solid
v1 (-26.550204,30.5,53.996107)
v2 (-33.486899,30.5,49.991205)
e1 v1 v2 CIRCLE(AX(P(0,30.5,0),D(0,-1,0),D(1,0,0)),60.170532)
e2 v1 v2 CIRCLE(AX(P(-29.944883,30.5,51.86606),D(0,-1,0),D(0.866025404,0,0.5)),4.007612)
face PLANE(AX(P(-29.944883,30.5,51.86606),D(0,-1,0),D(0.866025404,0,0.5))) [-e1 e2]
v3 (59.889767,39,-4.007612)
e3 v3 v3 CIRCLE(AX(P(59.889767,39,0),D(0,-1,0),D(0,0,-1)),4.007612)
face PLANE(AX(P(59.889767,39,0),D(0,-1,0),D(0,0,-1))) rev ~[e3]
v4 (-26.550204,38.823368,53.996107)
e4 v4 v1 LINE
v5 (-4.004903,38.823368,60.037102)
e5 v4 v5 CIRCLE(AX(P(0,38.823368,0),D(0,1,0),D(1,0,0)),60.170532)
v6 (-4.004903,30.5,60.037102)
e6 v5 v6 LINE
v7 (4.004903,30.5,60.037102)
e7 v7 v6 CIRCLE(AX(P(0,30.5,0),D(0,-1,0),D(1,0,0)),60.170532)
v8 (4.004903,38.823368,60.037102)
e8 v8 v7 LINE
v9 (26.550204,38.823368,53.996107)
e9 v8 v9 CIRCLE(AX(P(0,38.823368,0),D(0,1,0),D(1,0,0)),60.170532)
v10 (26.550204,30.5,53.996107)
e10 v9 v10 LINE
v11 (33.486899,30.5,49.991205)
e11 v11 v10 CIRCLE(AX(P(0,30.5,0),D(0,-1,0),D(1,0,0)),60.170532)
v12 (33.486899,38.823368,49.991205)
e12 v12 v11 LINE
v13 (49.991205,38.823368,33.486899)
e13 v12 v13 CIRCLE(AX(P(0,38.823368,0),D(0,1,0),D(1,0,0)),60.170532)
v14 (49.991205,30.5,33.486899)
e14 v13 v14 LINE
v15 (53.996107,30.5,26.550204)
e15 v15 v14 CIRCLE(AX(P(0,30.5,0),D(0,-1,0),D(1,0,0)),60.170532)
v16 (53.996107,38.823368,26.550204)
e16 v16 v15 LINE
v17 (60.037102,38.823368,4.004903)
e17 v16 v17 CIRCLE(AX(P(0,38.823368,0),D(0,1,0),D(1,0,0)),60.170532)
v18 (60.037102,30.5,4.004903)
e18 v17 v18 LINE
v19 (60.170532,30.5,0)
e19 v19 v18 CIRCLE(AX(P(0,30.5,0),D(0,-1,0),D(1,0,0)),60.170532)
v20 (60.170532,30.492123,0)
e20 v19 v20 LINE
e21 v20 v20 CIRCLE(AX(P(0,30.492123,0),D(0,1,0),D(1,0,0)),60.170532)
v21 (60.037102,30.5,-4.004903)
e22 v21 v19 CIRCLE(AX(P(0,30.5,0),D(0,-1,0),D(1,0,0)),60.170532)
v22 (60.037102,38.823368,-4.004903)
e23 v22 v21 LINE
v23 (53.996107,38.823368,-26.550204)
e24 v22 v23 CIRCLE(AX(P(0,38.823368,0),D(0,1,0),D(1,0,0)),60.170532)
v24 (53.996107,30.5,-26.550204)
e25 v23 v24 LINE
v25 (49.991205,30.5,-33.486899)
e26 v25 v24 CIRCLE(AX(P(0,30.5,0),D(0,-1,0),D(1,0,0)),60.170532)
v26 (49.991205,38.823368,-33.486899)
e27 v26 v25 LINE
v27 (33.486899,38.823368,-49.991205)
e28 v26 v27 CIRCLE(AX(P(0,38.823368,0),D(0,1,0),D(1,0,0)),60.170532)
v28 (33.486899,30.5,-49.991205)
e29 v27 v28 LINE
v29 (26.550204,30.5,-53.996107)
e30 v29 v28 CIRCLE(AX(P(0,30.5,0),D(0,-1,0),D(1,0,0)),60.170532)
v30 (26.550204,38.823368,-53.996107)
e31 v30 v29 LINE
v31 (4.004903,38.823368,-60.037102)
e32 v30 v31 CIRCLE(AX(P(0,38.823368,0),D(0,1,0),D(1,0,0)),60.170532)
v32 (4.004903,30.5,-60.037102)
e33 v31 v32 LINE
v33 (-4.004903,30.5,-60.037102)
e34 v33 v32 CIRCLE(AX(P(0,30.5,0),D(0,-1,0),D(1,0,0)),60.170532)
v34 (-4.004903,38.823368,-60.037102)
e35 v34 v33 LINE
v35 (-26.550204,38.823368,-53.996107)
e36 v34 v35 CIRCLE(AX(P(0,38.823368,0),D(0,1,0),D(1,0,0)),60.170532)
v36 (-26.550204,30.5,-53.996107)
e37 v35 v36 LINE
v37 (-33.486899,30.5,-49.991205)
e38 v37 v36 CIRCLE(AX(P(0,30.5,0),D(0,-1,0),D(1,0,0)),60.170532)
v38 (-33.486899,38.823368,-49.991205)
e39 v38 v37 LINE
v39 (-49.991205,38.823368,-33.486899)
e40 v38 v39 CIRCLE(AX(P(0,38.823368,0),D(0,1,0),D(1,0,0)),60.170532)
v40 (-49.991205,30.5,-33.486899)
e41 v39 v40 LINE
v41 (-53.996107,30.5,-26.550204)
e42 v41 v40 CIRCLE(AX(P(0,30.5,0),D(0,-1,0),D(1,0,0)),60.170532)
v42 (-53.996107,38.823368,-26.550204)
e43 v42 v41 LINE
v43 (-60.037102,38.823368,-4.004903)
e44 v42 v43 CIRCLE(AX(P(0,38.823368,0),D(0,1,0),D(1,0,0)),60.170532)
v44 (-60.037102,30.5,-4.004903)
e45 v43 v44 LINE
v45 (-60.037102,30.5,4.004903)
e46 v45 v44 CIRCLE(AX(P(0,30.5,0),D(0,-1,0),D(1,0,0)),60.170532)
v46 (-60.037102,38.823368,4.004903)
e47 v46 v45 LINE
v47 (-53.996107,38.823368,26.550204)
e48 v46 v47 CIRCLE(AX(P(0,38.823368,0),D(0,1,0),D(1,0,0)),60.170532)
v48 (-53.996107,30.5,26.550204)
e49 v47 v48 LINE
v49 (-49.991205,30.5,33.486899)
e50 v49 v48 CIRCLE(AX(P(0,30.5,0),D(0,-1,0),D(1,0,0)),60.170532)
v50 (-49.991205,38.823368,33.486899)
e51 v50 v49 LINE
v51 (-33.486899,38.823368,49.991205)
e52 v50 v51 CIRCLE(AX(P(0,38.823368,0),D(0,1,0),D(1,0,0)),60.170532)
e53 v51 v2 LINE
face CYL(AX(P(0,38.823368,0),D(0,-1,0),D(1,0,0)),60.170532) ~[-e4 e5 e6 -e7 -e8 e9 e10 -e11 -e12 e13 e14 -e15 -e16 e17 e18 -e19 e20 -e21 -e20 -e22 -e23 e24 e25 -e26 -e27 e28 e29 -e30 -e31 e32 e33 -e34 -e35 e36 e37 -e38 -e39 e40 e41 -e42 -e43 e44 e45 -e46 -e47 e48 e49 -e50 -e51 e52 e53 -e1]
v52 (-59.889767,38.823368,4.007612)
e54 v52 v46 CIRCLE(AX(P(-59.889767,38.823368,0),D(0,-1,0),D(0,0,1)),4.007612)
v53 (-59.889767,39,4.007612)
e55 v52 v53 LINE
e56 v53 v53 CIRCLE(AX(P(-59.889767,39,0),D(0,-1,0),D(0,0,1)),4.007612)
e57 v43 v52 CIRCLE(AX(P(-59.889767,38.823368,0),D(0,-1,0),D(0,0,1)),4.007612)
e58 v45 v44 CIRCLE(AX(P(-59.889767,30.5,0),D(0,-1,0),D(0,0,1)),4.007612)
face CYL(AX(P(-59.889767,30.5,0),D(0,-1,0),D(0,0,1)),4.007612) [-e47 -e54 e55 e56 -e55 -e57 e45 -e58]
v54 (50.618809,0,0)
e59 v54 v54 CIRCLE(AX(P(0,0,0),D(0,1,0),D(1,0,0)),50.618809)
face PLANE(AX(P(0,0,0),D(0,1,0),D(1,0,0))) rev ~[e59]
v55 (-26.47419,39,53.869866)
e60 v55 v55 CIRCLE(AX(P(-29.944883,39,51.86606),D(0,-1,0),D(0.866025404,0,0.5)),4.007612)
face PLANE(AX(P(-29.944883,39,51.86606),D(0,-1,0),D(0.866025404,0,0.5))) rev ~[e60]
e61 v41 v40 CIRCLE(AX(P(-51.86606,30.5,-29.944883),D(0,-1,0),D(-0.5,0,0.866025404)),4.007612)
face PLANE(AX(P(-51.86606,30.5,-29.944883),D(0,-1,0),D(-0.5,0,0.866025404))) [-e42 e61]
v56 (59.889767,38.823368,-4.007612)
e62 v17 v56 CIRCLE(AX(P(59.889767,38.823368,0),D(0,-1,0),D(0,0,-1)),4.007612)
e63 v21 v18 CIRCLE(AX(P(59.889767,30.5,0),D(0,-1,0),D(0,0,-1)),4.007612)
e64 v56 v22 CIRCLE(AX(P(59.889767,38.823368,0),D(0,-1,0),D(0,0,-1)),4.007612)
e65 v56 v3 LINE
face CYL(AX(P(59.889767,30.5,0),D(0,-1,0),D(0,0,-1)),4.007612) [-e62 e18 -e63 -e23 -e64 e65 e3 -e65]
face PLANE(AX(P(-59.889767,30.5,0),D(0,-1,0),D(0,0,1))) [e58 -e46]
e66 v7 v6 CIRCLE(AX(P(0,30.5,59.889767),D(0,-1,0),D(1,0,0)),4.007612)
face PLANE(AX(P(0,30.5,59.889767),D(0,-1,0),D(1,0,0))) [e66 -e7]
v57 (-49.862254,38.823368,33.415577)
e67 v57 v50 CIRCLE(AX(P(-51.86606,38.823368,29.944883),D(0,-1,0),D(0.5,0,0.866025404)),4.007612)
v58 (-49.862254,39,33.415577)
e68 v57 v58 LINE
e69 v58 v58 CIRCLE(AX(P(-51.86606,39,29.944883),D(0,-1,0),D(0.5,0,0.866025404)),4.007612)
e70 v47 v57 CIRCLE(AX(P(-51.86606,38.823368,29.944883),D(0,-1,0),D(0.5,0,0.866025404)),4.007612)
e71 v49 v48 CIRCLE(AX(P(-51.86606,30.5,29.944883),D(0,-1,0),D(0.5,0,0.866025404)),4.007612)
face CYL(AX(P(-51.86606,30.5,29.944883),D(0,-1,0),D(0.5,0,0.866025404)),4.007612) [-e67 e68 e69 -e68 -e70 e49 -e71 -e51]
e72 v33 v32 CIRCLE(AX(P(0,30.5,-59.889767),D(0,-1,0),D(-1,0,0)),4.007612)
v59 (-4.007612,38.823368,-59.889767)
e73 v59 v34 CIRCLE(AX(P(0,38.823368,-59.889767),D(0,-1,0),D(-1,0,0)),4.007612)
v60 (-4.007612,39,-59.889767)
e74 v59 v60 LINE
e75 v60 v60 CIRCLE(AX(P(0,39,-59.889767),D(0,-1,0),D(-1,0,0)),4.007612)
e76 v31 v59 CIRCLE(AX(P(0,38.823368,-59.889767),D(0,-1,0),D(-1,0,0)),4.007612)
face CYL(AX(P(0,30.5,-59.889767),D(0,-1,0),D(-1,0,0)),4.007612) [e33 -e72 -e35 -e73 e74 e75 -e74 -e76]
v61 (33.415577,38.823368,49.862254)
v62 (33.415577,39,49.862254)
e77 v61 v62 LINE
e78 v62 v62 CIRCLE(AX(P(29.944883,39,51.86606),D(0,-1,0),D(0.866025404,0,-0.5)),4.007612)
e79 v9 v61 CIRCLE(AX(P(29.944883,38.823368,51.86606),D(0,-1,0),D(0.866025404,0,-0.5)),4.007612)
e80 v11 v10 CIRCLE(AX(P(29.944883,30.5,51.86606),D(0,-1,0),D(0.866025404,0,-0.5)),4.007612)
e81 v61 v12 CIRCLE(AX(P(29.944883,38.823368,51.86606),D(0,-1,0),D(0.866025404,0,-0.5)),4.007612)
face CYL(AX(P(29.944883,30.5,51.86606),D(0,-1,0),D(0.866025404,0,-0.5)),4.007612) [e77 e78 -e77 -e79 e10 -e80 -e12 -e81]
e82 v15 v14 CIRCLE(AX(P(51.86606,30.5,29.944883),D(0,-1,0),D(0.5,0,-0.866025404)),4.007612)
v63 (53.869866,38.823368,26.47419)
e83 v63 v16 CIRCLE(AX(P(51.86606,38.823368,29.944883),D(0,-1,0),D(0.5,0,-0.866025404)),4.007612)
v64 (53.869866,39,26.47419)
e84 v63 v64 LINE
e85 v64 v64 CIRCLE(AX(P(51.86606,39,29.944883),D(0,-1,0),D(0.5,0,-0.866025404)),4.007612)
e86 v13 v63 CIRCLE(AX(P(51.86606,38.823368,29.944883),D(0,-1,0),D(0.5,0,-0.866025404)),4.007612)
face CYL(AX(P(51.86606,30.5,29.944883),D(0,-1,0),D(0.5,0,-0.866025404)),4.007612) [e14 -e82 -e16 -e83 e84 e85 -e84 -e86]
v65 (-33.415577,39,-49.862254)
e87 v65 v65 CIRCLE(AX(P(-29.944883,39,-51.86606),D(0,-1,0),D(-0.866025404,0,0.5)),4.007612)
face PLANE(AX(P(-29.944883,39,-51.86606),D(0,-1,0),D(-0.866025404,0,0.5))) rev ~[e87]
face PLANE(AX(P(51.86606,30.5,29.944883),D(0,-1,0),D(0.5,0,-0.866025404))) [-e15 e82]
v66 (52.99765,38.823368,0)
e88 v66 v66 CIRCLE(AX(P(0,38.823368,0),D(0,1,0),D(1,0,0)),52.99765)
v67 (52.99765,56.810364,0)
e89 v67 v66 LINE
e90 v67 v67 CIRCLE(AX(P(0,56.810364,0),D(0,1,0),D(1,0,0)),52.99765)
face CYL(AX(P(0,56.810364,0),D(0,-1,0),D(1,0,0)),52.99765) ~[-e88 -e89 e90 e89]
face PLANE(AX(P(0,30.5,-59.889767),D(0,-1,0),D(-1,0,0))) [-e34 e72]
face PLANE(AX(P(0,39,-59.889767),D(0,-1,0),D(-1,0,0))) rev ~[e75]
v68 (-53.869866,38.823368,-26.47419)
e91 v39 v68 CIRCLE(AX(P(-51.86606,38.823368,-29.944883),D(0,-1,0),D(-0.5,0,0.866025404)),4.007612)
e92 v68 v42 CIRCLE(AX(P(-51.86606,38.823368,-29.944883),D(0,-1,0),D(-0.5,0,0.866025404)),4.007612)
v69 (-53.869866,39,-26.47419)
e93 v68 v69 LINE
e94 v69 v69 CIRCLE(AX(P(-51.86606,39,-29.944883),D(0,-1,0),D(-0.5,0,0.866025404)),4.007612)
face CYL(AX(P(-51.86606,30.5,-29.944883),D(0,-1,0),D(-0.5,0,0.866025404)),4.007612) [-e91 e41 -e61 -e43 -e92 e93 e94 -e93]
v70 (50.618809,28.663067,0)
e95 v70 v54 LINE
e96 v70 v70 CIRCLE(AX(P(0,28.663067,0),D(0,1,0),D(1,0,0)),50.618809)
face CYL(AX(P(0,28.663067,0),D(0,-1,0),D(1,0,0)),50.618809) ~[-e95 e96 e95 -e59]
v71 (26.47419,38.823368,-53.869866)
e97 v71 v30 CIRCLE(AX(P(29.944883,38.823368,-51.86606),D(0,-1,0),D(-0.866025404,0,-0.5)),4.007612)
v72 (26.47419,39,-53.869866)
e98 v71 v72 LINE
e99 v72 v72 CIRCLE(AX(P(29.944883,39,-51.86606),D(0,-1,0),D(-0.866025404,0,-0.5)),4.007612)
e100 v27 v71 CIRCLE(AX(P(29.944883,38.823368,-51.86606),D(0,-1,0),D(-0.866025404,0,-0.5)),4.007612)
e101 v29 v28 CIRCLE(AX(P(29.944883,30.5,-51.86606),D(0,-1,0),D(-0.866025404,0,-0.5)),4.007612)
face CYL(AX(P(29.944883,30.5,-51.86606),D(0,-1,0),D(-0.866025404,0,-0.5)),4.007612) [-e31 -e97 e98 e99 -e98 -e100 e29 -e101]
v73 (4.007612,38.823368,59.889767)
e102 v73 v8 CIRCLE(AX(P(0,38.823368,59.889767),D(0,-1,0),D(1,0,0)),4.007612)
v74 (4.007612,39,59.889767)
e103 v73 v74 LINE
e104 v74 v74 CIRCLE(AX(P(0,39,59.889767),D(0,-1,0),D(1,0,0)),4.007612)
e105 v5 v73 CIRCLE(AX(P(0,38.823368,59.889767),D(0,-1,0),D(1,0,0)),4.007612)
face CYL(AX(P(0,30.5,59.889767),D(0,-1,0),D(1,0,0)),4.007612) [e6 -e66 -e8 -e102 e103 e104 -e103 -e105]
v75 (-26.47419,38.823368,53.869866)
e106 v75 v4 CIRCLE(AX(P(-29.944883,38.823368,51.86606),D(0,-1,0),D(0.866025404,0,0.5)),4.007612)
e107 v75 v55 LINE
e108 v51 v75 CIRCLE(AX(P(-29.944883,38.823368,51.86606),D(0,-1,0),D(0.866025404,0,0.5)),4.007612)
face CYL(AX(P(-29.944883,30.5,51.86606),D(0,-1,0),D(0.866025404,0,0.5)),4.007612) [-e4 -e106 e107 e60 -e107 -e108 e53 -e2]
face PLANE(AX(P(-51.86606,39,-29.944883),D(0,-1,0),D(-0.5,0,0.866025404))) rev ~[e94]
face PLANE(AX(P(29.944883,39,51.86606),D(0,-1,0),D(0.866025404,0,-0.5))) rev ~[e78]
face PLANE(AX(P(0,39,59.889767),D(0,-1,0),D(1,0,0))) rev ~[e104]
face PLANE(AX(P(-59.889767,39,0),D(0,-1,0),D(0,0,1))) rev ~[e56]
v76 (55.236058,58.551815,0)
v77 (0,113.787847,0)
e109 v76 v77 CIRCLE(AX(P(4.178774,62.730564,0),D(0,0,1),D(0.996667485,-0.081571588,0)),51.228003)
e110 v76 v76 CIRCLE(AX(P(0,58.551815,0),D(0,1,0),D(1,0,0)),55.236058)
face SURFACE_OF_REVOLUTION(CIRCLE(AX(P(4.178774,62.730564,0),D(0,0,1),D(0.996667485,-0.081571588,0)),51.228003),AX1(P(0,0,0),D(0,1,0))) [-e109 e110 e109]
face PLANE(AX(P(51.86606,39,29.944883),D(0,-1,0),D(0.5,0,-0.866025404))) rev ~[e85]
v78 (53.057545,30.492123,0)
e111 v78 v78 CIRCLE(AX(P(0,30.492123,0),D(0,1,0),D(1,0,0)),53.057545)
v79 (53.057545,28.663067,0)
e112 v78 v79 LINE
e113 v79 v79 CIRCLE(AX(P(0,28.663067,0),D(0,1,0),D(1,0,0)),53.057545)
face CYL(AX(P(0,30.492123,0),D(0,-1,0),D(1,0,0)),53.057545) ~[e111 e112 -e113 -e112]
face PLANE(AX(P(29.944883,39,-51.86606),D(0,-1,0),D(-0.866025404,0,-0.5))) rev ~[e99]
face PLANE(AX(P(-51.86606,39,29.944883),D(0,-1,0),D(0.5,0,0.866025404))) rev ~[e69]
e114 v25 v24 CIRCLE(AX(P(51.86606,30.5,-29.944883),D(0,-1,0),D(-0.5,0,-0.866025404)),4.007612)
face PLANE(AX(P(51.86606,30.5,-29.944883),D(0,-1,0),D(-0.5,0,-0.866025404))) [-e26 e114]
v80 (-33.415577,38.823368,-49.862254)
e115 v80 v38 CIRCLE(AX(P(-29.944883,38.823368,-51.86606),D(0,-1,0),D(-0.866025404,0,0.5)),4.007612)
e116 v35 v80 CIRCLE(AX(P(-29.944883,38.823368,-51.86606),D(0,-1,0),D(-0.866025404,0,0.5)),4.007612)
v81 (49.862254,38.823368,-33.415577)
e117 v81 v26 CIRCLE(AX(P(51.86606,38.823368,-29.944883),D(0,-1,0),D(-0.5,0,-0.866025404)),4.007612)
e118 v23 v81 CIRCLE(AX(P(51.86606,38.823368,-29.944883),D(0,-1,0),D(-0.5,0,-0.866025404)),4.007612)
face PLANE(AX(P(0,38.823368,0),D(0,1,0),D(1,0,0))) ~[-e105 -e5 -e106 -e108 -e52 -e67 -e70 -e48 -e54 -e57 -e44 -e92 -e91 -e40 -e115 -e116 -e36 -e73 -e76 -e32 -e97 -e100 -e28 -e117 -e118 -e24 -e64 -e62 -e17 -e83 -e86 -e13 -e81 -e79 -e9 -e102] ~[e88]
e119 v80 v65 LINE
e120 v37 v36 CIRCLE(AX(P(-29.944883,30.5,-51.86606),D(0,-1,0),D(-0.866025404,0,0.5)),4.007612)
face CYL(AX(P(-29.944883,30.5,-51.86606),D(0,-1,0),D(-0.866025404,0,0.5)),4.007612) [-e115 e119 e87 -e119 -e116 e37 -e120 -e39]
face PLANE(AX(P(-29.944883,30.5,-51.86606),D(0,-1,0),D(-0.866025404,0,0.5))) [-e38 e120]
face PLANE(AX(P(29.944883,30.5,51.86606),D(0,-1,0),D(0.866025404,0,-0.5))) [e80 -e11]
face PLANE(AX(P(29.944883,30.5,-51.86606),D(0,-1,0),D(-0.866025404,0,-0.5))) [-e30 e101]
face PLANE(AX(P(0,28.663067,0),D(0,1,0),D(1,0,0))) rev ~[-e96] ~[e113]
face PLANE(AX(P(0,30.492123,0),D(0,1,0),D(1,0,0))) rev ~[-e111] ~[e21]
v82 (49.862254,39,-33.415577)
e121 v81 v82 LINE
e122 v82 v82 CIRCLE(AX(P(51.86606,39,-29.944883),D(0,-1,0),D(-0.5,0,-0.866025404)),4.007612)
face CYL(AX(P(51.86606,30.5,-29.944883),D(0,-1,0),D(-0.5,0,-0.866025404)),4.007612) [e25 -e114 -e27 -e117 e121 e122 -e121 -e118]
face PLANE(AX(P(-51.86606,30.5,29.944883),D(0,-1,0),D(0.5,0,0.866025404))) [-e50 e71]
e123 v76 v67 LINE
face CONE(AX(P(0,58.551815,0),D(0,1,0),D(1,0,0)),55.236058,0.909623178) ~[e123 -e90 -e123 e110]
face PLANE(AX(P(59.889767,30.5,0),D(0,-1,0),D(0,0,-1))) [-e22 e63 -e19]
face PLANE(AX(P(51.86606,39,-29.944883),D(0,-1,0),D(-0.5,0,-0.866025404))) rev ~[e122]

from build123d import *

# Parameters (mm, degrees)
SKETCH001_R        = 4.007612
PAD_DEPTH          = 8.5
POLARPATTERN_COUNT = 12


with BuildPart() as part:
    # Sketch → Revolution (revolve)
    with BuildSketch(Plane.XY):
        with BuildLine():
            Line((55.236058, 58.551815), (52.99765, 56.810364))
            Line((52.99765, 56.810364), (52.99765, 38.823368))
            Line((52.99765, 38.823368), (60.170532, 38.823368))
            Line((60.170532, 38.823368), (60.170532, 30.492123))
            Line((60.170532, 30.492123), (53.057545, 30.492123))
            Line((53.057545, 30.492123), (53.057545, 28.663067))
            Line((53.057545, 28.663067), (50.618809, 28.663067))
            Line((50.618809, 28.663067), (50.618809, 0))
            Line((50.618809, 0), (0, 0))
            Line((0, 0), (0, 58.55183))
            Line((0, 113.787847), (0, 58.55183))
            ThreePointArc((55.236058, 58.551815), (40.402433, 98.954241), (0, 113.787847))
        make_face()
    revolve(axis=Axis((0, 0, 0), (0, 1, 0)))

    # Sketch001 → Pad (new body)
    with BuildSketch(Plane.XZ.offset(-30.5)):
        with Locations((0, 59.889767)):
            Circle(SKETCH001_R)
    pad = extrude(amount=-PAD_DEPTH)

    # PolarPattern: Pad ×12 about axis
    polarpattern_axis = Axis((0, 30.5, 0), (0, -1, 0))
    for i in range(1, POLARPATTERN_COUNT):
        add(pad.rotate(polarpattern_axis, i * 360 / POLARPATTERN_COUNT))


solid = part.part
